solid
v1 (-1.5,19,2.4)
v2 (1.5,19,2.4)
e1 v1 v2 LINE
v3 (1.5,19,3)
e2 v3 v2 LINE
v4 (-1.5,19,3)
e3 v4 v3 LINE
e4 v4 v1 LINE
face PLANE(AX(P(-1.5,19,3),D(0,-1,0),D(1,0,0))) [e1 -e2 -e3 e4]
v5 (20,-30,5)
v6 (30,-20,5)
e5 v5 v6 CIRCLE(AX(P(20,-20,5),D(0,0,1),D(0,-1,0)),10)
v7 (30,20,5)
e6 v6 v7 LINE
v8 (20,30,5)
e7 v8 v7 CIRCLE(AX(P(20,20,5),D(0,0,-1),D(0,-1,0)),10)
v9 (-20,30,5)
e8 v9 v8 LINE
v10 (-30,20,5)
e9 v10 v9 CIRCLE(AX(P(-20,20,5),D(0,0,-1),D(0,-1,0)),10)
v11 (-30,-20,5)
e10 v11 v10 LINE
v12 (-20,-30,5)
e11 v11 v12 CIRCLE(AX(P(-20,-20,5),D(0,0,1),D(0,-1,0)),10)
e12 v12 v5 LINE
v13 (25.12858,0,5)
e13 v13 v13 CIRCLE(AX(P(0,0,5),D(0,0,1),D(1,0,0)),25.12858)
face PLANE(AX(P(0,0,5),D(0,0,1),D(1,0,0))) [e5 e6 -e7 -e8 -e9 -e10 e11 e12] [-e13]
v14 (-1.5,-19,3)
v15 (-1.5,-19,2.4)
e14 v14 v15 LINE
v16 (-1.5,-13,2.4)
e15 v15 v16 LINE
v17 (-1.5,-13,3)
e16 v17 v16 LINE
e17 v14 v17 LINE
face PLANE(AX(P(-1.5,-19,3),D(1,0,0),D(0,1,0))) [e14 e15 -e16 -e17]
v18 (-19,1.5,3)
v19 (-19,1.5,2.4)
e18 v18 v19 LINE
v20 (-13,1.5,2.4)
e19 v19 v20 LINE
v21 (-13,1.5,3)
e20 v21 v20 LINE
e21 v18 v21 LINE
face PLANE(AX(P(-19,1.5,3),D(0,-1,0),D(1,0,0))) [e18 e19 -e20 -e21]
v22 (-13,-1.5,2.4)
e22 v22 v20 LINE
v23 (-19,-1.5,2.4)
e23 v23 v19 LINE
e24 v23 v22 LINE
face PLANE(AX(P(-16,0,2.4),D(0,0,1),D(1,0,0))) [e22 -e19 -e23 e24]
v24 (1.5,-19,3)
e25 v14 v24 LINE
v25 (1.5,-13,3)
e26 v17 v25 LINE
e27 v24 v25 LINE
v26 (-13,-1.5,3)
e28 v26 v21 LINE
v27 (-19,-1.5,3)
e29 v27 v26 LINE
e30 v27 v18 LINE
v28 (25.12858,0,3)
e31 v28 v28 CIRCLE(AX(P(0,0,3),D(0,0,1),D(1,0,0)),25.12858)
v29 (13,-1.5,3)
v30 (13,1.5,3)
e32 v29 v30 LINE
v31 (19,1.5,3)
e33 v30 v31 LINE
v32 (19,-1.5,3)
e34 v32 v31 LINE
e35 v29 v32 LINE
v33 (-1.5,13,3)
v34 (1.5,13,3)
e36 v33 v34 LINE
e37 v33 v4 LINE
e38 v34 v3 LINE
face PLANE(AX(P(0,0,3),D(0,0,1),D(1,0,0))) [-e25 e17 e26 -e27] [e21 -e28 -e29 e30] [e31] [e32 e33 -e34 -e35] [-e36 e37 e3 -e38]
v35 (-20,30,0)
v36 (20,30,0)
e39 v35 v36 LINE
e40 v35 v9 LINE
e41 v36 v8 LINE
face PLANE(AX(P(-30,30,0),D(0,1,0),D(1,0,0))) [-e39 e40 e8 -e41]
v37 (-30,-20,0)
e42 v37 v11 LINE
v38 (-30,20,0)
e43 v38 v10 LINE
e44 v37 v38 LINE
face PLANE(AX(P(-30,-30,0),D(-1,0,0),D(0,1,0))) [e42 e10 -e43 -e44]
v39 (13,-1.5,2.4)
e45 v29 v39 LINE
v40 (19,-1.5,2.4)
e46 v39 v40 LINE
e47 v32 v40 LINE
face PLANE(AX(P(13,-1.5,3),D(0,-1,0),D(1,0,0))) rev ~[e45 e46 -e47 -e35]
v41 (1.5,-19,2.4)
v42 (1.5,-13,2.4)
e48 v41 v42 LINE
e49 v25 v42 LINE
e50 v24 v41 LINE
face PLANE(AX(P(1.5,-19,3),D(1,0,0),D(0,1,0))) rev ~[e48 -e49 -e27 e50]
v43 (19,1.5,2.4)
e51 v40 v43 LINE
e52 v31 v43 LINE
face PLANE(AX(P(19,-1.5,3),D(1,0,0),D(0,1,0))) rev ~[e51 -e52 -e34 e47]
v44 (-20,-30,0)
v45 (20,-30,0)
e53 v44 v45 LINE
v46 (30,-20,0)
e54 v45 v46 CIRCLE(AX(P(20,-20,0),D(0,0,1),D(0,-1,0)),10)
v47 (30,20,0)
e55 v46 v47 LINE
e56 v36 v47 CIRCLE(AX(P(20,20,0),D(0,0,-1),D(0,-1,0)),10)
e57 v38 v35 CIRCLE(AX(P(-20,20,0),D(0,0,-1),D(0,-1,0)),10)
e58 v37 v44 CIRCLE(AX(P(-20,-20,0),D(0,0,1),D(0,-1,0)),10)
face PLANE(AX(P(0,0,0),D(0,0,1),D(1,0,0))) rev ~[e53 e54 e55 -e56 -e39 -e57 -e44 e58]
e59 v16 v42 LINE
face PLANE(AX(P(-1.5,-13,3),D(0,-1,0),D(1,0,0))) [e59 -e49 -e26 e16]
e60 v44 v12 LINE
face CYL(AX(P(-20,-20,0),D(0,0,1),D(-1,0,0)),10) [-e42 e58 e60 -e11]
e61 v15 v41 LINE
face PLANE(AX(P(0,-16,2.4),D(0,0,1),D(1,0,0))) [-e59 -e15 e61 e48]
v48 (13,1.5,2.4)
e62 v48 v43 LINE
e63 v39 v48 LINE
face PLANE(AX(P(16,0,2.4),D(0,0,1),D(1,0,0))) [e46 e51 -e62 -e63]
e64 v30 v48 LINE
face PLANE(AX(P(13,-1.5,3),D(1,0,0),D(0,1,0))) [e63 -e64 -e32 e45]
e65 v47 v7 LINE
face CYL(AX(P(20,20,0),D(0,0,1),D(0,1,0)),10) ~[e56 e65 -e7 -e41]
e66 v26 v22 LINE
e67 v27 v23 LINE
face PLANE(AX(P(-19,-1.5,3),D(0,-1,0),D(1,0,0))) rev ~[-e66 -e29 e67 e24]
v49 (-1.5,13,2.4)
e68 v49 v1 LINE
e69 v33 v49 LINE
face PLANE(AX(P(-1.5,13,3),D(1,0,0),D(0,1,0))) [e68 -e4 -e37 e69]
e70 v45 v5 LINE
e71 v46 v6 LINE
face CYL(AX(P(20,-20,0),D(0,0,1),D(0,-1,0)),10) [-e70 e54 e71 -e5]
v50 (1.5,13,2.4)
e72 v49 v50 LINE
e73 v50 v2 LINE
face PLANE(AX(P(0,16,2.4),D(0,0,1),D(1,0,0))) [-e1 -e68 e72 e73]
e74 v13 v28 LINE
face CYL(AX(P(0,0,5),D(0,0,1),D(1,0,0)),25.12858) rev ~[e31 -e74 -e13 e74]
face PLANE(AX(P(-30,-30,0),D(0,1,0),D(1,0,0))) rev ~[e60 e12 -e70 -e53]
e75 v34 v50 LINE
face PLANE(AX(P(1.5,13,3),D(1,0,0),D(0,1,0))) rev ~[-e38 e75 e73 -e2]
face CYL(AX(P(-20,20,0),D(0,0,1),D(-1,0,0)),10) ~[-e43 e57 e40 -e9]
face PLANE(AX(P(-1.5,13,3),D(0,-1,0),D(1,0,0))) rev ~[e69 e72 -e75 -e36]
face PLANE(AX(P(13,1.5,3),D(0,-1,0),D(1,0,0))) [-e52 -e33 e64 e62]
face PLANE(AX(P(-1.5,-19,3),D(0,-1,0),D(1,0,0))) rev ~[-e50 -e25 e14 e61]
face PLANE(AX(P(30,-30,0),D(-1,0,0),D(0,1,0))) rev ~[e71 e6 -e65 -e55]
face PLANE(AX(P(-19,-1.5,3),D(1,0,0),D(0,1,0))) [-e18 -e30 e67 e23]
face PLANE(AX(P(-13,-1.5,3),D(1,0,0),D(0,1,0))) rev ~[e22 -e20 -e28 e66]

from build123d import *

# Parameters (mm, degrees)
F0_W     = 60
F0_H     = 60
F1_DEPTH = 5
F2_R     = 25.12858
F3_DEPTH = 2
F4_R     = 10
F5_W     = 6
F5_H     = 3
F5_W_2   = 3
F5_H_2   = 6
F6_DEPTH = 0.6


with BuildPart() as f1:
    # F0 (on Top) → F1 (new body)
    with BuildSketch(Plane.XY):
        Rectangle(F0_W, F0_H)
    extrude(amount=F1_DEPTH)

    # F2 (on face) → F3 (cut)
    with BuildSketch(Plane.XY.offset(5)):
        Circle(F2_R)
    extrude(amount=-F3_DEPTH, mode=Mode.SUBTRACT)

    # F4
    f4_edges = [f1.edges().sort_by_distance(p)[0] for p in [
        (30, 30, 2.5),
        (30, -30, 2.5),
        (-30, -30, 2.5),
        (-30, 30, 2.5),
    ]]
    fillet(f4_edges, radius=F4_R)

    # F5 (on face) → F6 (cut)
    with BuildSketch(Plane.XY.offset(3)):
        with Locations((16, 0)):
            Rectangle(F5_W, F5_H)
        with Locations((0, 16)):
            Rectangle(F5_W_2, F5_H_2)
        with Locations((-16, 0)):
            Rectangle(F5_W, F5_H)
        with Locations((0, -16)):
            Rectangle(F5_W_2, F5_H_2)
    extrude(amount=-F6_DEPTH, mode=Mode.SUBTRACT)


solid = f1.part
